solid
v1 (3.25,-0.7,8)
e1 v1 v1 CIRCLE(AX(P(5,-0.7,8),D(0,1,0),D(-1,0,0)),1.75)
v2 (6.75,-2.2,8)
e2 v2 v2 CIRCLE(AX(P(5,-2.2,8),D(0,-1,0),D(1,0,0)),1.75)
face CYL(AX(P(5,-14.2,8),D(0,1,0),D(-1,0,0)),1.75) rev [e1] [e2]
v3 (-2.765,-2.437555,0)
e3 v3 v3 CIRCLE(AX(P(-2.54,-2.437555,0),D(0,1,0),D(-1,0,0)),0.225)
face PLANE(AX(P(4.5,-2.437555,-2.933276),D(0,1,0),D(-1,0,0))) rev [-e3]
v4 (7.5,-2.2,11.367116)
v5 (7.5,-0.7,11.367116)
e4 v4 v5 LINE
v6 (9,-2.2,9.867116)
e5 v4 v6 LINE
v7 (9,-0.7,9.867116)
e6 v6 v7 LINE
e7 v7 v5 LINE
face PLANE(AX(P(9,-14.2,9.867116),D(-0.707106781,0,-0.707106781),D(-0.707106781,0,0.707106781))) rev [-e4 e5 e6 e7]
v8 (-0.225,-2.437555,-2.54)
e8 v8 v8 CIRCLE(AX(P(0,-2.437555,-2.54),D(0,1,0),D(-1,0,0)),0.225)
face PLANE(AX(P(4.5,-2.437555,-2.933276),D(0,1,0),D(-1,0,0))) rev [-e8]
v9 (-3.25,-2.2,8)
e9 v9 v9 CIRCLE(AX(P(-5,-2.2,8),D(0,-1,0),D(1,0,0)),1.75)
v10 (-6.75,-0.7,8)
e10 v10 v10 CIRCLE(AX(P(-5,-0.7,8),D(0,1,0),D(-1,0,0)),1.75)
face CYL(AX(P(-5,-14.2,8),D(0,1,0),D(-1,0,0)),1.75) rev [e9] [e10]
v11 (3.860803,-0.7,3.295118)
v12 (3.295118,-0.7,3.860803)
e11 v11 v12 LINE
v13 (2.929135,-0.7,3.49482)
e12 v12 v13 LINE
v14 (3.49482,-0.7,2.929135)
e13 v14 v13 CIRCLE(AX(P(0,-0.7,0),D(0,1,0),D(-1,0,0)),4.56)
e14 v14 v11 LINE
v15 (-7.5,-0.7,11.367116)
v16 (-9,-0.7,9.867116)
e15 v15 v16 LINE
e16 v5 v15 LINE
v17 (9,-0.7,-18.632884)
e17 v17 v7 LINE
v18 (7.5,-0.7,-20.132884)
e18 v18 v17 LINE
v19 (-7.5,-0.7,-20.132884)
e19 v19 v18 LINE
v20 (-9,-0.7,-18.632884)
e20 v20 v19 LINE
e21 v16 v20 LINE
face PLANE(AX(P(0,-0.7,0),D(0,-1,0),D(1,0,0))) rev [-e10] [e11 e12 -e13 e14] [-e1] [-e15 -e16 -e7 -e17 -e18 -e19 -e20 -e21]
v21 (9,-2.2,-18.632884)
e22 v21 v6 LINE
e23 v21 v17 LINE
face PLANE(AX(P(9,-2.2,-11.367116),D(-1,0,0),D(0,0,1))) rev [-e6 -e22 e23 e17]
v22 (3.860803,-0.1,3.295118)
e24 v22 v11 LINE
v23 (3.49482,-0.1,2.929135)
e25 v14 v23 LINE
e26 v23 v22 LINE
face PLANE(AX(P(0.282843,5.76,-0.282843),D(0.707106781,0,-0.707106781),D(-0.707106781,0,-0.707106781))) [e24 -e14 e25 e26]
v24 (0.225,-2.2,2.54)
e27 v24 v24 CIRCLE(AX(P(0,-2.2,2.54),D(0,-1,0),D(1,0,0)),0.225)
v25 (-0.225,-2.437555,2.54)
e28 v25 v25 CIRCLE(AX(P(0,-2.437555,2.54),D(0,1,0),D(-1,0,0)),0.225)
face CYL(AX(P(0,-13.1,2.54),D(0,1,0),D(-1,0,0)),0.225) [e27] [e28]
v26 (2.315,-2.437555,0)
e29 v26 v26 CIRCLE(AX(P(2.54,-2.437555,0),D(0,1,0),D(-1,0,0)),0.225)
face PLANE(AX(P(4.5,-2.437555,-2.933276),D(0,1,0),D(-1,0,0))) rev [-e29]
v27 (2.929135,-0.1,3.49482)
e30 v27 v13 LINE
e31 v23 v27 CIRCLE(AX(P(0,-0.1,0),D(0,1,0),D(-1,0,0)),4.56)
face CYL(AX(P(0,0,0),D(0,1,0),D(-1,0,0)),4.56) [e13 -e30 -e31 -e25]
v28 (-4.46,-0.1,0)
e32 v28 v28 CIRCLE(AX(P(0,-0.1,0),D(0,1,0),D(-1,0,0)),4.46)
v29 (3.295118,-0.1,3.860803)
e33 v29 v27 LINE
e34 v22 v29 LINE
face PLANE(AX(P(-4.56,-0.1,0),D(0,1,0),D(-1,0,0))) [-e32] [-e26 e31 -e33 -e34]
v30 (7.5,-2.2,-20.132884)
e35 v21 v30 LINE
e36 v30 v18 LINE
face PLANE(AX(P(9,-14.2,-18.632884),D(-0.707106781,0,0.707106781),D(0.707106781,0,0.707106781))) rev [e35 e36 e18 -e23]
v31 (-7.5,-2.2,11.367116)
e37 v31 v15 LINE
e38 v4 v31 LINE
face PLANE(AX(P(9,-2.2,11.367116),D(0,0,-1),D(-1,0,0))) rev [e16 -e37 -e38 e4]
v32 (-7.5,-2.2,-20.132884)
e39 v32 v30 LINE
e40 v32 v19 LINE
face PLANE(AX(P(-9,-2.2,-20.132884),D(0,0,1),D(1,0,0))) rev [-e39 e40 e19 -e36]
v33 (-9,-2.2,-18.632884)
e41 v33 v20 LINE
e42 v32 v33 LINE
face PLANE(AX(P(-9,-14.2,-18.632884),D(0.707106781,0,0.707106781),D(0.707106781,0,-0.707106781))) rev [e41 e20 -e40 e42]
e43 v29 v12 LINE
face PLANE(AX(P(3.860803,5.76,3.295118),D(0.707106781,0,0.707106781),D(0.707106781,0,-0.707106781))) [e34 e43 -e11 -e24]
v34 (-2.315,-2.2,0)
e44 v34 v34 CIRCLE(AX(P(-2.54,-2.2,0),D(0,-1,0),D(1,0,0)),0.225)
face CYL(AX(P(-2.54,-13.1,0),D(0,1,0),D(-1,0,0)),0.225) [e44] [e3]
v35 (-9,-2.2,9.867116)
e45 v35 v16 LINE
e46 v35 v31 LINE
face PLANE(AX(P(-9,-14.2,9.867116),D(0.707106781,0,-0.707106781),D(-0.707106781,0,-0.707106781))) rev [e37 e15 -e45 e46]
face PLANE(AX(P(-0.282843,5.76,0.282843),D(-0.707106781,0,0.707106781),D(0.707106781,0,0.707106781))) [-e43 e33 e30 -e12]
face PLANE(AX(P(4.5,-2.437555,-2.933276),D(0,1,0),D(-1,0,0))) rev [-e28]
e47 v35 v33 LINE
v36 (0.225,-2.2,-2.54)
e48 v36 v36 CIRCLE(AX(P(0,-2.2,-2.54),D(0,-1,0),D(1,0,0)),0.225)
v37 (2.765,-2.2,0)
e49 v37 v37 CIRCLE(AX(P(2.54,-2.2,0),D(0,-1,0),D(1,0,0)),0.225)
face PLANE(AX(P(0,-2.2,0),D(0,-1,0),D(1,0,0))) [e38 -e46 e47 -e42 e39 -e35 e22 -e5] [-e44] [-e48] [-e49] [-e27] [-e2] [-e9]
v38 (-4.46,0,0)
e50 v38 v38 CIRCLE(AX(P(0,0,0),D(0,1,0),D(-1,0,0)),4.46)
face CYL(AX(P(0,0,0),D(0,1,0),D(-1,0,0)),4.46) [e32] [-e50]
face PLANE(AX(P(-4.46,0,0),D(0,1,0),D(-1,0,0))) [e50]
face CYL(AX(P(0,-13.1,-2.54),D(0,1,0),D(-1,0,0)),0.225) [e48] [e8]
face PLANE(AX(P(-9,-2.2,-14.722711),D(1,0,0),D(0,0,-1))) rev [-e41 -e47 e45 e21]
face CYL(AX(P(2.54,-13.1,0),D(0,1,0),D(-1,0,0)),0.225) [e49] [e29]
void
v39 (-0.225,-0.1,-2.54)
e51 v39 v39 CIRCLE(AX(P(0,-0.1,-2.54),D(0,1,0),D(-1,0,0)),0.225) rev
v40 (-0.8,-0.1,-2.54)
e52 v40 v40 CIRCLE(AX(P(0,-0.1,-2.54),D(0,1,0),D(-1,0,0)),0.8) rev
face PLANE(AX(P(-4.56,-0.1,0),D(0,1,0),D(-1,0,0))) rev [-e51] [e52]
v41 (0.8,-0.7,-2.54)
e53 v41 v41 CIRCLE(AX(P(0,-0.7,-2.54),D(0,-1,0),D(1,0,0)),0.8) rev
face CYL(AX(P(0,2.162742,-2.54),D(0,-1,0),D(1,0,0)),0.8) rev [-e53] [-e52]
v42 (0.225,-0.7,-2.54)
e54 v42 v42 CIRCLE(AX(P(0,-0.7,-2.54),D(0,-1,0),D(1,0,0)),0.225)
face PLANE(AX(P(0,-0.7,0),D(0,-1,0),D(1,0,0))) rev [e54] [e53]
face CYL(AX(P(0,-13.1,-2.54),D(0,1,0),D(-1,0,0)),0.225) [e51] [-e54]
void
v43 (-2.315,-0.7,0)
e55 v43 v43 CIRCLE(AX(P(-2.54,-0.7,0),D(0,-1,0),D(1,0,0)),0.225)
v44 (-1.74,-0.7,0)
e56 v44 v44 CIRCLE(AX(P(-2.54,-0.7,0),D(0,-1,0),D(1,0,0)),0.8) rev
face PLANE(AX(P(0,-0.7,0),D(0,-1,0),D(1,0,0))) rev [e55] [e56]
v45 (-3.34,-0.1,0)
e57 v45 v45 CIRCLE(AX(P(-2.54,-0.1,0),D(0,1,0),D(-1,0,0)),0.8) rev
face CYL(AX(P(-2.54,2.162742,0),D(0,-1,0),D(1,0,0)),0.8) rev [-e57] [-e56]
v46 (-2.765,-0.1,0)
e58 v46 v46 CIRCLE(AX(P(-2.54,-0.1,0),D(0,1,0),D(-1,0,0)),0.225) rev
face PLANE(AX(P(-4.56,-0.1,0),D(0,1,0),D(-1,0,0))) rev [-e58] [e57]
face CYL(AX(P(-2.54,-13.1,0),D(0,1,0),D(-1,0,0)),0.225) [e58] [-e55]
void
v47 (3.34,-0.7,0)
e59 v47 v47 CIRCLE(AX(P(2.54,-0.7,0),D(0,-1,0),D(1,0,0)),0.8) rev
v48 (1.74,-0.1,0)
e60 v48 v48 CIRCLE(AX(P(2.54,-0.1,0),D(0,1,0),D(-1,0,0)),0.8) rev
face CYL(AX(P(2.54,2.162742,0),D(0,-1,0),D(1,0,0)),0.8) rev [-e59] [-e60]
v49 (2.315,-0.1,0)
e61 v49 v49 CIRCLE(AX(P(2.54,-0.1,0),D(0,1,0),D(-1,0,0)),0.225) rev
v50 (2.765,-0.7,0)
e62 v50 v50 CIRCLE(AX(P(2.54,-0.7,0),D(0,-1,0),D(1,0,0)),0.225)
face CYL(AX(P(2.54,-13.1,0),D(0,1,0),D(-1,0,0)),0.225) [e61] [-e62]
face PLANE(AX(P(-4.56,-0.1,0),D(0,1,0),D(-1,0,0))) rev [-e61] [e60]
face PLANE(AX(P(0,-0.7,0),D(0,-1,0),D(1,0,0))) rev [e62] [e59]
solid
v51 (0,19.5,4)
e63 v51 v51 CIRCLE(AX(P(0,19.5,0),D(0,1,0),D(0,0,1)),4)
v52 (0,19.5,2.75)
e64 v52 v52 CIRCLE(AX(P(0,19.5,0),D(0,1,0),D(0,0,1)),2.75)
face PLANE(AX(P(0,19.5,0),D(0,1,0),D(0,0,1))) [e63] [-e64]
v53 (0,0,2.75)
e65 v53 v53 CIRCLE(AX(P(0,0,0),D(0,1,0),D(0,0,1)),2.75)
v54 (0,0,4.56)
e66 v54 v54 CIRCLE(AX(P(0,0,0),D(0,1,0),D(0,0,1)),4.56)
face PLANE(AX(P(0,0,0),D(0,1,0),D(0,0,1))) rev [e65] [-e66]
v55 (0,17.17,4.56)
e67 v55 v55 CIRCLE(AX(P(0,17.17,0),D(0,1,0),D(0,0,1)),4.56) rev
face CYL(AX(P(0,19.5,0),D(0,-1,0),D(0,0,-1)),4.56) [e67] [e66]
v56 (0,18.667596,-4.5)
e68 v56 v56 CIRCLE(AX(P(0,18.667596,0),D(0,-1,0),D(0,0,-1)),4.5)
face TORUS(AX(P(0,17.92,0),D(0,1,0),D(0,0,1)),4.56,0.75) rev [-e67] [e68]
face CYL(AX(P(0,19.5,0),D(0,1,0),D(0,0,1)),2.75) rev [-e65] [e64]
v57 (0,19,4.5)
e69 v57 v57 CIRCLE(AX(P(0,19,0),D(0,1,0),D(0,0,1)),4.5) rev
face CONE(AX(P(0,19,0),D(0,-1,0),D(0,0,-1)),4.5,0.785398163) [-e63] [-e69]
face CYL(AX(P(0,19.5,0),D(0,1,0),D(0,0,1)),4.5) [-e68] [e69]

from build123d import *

# Parameters (mm, degrees)
SCHIZZO1_R                   = 4.56
ESTRUSIONE_ESTRUSIONE1_DEPTH = 19.5
SCHIZZO2_R                   = 0.75
SCHIZZO3_W                   = 2.392896604
SCHIZZO3_H                   = 1.50856525
SMUSSO1_SIZE                 = 0.5
FORO_PER_VITE_M5_1_D         = 5.5
ESTRUSIONE_ESTRUSIONE2_DEPTH = 0.6
SCHIZZO9_R                   = 0.8
TAGLIO_ESTRUSIONE1_DEPTH     = 0.6
SCHIZZO10_R                  = 0.225
ESTRUSIONE_ESTRUSIONE3_DEPTH = 13
Y_KSEKLIK_EKSTR_ZYON1_DEPTH  = 1.5
IZIM2_W                      = 6.442829969
IZIM2_H                      = 10.895192142
KES_EKSTR_ZYON1_DEPTH        = 13.5
IZIM3_R                      = 1.75
KES_EKSTR_ZYON2_DEPTH        = 13.5
KES_EKSTR_ZYON3_DEPTH        = 13.5


with BuildPart() as part:
    # Schizzo1 → Estrusione-Estrusione1 (new body)
    with BuildSketch(Plane(origin=(0, 0, 0), x_dir=(1, 0, 0), z_dir=(0, 1, 0))):
        with Locations(Location((0, 0, 0), (0, 0, 270))):
            Circle(SCHIZZO1_R)
    extrude(amount=ESTRUSIONE_ESTRUSIONE1_DEPTH)

    # Schizzo2 → Taglia-Rivoluzione1 (revolve, cut)
    with BuildSketch(Plane.XY, mode=Mode.PRIVATE) as taglia_rivoluzione1_sk:
        with Locations((-4.56, 17.92)):
            Circle(SCHIZZO2_R)
    revolve(taglia_rivoluzione1_sk.sketch.rotate(Axis((0, 19.5, 0), (0, -1, 0)), 270), axis=Axis((0, 19.5, 0), (0, -1, 0)), mode=Mode.SUBTRACT)

    # Schizzo3 → Taglia-Rivoluzione2 (revolve, cut)
    with BuildSketch(Plane.XY, mode=Mode.PRIVATE) as taglia_rivoluzione2_sk:
        with Locations((-5.696448302, 18.983195512)):
            Rectangle(SCHIZZO3_W, SCHIZZO3_H)
    revolve(taglia_rivoluzione2_sk.sketch.rotate(Axis((0, 19.5, 0), (0, -1, 0)), 270), axis=Axis((0, 19.5, 0), (0, -1, 0)), mode=Mode.SUBTRACT)

    # Smusso1
    smusso1_edges = [part.edges().sort_by_distance(p)[0] for p in [
        (0, 19.5, -4.5),
    ]]
    chamfer(smusso1_edges, length=SMUSSO1_SIZE)

    # Foro per Vite M5-1 (through all)
    with Locations(Plane.ZX.offset(19.5)):
        with Locations((0, 0)):
            Hole(FORO_PER_VITE_M5_1_D / 2)


with BuildPart() as body_2:
    # Schizzo7 → Rivoluzione1 (revolve)
    with BuildSketch(Plane.XY):
        Polygon((0, 0), (0, -0.7), (-4.56, -0.7), (-4.56, -0.1), (-4.46, -0.1), (-4.46, 0), align=None)
    revolve(axis=Axis((0, 0, 0), (0, -1, 0)))

    # Schizzo8 → Estrusione-Estrusione2 (add)
    with BuildSketch(Plane.XZ.offset(0.7)):
        Polygon((0.282842712, -0.282842712), (3.860803025, 3.2951176), (3.577960313, 3.577960313), (3.2951176, 3.860803025), (-0.282842712, 0.282842712), align=None)
    extrude(amount=-ESTRUSIONE_ESTRUSIONE2_DEPTH)

    # Schizzo9 → Taglio-Estrusione1 (cut)
    with BuildSketch(Plane.XZ.offset(0.7)):
        with Locations((2.54, 0)):
            Circle(SCHIZZO9_R)
        with Locations((0, -2.54)):
            Circle(SCHIZZO9_R)
        with Locations((-2.54, 0)):
            Circle(SCHIZZO9_R)
    extrude(amount=-TAGLIO_ESTRUSIONE1_DEPTH, mode=Mode.SUBTRACT)

    # Schizzo10 → Estrusione-Estrusione3 (add)
    with BuildSketch(Plane.XZ.offset(0.1)):
        with Locations((0, 2.54)):
            Circle(SCHIZZO10_R)
        with Locations(Location((2.54, 0, 0), (0, 0, 180))):
            Circle(SCHIZZO10_R)
        with Locations(Location((0, -2.54, 0), (0, 0, 180))):
            Circle(SCHIZZO10_R)
        with Locations(Location((-2.54, 0, 0), (0, 0, 180))):
            Circle(SCHIZZO10_R)
    extrude(amount=ESTRUSIONE_ESTRUSIONE3_DEPTH)

    # Çizim1 → Yükseklik-Ekstrüzyon1 (add)
    with BuildSketch(Plane(origin=(0, -0.7, 0), x_dir=(-1, 0, 0), z_dir=(0, -1, 0))):
        Polygon((-9, 11.367115911), (-9, -11.367115911), (9, -11.367115911), (9, 14.722710851), (9, 20.132884089), (-9, 20.132884089), align=None)
    extrude(amount=Y_KSEKLIK_EKSTR_ZYON1_DEPTH)

    # Çizim2 → Kes-Ekstrüzyon1 (cut)
    with BuildSketch(Plane.ZY.offset(9)):
        with Locations((0.288139048, -7.885150624)):
            Rectangle(IZIM2_W, IZIM2_H)
    extrude(amount=-KES_EKSTR_ZYON1_DEPTH, mode=Mode.SUBTRACT)

    # Çizim3 → Kes-Ekstrüzyon2 (cut)
    with BuildSketch(Plane(origin=(0, -0.7, 0), x_dir=(1, 0, 0), z_dir=(0, 1, 0))):
        with Locations(Location((-5, -8, 0), (0, 0, 180))):
            Circle(IZIM3_R)
        with Locations(Location((5, -8, 0), (0, 0, 180))):
            Circle(IZIM3_R)
    extrude(amount=-KES_EKSTR_ZYON2_DEPTH, mode=Mode.SUBTRACT)

    # Çizim4 → Kes-Ekstrüzyon3 (cut)
    with BuildSketch(Plane(origin=(0, -0.7, 0), x_dir=(1, 0, 0), z_dir=(0, 1, 0))):
        Polygon((-9, -9.867115911), (-7.5, -11.367115911), (-9, -11.367115911), align=None)
        Polygon((9, -11.367115911), (9, -9.867115911), (7.5, -11.367115911), align=None)
        Polygon((9, 18.632884089), (7.5, 20.132884089), (9, 20.132884089), align=None)
        Polygon((-9, 20.132884089), (-9, 18.632884089), (-7.5, 20.132884089), align=None)
    extrude(amount=-KES_EKSTR_ZYON3_DEPTH, mode=Mode.SUBTRACT)


solid = Compound([part.part, body_2.part])
